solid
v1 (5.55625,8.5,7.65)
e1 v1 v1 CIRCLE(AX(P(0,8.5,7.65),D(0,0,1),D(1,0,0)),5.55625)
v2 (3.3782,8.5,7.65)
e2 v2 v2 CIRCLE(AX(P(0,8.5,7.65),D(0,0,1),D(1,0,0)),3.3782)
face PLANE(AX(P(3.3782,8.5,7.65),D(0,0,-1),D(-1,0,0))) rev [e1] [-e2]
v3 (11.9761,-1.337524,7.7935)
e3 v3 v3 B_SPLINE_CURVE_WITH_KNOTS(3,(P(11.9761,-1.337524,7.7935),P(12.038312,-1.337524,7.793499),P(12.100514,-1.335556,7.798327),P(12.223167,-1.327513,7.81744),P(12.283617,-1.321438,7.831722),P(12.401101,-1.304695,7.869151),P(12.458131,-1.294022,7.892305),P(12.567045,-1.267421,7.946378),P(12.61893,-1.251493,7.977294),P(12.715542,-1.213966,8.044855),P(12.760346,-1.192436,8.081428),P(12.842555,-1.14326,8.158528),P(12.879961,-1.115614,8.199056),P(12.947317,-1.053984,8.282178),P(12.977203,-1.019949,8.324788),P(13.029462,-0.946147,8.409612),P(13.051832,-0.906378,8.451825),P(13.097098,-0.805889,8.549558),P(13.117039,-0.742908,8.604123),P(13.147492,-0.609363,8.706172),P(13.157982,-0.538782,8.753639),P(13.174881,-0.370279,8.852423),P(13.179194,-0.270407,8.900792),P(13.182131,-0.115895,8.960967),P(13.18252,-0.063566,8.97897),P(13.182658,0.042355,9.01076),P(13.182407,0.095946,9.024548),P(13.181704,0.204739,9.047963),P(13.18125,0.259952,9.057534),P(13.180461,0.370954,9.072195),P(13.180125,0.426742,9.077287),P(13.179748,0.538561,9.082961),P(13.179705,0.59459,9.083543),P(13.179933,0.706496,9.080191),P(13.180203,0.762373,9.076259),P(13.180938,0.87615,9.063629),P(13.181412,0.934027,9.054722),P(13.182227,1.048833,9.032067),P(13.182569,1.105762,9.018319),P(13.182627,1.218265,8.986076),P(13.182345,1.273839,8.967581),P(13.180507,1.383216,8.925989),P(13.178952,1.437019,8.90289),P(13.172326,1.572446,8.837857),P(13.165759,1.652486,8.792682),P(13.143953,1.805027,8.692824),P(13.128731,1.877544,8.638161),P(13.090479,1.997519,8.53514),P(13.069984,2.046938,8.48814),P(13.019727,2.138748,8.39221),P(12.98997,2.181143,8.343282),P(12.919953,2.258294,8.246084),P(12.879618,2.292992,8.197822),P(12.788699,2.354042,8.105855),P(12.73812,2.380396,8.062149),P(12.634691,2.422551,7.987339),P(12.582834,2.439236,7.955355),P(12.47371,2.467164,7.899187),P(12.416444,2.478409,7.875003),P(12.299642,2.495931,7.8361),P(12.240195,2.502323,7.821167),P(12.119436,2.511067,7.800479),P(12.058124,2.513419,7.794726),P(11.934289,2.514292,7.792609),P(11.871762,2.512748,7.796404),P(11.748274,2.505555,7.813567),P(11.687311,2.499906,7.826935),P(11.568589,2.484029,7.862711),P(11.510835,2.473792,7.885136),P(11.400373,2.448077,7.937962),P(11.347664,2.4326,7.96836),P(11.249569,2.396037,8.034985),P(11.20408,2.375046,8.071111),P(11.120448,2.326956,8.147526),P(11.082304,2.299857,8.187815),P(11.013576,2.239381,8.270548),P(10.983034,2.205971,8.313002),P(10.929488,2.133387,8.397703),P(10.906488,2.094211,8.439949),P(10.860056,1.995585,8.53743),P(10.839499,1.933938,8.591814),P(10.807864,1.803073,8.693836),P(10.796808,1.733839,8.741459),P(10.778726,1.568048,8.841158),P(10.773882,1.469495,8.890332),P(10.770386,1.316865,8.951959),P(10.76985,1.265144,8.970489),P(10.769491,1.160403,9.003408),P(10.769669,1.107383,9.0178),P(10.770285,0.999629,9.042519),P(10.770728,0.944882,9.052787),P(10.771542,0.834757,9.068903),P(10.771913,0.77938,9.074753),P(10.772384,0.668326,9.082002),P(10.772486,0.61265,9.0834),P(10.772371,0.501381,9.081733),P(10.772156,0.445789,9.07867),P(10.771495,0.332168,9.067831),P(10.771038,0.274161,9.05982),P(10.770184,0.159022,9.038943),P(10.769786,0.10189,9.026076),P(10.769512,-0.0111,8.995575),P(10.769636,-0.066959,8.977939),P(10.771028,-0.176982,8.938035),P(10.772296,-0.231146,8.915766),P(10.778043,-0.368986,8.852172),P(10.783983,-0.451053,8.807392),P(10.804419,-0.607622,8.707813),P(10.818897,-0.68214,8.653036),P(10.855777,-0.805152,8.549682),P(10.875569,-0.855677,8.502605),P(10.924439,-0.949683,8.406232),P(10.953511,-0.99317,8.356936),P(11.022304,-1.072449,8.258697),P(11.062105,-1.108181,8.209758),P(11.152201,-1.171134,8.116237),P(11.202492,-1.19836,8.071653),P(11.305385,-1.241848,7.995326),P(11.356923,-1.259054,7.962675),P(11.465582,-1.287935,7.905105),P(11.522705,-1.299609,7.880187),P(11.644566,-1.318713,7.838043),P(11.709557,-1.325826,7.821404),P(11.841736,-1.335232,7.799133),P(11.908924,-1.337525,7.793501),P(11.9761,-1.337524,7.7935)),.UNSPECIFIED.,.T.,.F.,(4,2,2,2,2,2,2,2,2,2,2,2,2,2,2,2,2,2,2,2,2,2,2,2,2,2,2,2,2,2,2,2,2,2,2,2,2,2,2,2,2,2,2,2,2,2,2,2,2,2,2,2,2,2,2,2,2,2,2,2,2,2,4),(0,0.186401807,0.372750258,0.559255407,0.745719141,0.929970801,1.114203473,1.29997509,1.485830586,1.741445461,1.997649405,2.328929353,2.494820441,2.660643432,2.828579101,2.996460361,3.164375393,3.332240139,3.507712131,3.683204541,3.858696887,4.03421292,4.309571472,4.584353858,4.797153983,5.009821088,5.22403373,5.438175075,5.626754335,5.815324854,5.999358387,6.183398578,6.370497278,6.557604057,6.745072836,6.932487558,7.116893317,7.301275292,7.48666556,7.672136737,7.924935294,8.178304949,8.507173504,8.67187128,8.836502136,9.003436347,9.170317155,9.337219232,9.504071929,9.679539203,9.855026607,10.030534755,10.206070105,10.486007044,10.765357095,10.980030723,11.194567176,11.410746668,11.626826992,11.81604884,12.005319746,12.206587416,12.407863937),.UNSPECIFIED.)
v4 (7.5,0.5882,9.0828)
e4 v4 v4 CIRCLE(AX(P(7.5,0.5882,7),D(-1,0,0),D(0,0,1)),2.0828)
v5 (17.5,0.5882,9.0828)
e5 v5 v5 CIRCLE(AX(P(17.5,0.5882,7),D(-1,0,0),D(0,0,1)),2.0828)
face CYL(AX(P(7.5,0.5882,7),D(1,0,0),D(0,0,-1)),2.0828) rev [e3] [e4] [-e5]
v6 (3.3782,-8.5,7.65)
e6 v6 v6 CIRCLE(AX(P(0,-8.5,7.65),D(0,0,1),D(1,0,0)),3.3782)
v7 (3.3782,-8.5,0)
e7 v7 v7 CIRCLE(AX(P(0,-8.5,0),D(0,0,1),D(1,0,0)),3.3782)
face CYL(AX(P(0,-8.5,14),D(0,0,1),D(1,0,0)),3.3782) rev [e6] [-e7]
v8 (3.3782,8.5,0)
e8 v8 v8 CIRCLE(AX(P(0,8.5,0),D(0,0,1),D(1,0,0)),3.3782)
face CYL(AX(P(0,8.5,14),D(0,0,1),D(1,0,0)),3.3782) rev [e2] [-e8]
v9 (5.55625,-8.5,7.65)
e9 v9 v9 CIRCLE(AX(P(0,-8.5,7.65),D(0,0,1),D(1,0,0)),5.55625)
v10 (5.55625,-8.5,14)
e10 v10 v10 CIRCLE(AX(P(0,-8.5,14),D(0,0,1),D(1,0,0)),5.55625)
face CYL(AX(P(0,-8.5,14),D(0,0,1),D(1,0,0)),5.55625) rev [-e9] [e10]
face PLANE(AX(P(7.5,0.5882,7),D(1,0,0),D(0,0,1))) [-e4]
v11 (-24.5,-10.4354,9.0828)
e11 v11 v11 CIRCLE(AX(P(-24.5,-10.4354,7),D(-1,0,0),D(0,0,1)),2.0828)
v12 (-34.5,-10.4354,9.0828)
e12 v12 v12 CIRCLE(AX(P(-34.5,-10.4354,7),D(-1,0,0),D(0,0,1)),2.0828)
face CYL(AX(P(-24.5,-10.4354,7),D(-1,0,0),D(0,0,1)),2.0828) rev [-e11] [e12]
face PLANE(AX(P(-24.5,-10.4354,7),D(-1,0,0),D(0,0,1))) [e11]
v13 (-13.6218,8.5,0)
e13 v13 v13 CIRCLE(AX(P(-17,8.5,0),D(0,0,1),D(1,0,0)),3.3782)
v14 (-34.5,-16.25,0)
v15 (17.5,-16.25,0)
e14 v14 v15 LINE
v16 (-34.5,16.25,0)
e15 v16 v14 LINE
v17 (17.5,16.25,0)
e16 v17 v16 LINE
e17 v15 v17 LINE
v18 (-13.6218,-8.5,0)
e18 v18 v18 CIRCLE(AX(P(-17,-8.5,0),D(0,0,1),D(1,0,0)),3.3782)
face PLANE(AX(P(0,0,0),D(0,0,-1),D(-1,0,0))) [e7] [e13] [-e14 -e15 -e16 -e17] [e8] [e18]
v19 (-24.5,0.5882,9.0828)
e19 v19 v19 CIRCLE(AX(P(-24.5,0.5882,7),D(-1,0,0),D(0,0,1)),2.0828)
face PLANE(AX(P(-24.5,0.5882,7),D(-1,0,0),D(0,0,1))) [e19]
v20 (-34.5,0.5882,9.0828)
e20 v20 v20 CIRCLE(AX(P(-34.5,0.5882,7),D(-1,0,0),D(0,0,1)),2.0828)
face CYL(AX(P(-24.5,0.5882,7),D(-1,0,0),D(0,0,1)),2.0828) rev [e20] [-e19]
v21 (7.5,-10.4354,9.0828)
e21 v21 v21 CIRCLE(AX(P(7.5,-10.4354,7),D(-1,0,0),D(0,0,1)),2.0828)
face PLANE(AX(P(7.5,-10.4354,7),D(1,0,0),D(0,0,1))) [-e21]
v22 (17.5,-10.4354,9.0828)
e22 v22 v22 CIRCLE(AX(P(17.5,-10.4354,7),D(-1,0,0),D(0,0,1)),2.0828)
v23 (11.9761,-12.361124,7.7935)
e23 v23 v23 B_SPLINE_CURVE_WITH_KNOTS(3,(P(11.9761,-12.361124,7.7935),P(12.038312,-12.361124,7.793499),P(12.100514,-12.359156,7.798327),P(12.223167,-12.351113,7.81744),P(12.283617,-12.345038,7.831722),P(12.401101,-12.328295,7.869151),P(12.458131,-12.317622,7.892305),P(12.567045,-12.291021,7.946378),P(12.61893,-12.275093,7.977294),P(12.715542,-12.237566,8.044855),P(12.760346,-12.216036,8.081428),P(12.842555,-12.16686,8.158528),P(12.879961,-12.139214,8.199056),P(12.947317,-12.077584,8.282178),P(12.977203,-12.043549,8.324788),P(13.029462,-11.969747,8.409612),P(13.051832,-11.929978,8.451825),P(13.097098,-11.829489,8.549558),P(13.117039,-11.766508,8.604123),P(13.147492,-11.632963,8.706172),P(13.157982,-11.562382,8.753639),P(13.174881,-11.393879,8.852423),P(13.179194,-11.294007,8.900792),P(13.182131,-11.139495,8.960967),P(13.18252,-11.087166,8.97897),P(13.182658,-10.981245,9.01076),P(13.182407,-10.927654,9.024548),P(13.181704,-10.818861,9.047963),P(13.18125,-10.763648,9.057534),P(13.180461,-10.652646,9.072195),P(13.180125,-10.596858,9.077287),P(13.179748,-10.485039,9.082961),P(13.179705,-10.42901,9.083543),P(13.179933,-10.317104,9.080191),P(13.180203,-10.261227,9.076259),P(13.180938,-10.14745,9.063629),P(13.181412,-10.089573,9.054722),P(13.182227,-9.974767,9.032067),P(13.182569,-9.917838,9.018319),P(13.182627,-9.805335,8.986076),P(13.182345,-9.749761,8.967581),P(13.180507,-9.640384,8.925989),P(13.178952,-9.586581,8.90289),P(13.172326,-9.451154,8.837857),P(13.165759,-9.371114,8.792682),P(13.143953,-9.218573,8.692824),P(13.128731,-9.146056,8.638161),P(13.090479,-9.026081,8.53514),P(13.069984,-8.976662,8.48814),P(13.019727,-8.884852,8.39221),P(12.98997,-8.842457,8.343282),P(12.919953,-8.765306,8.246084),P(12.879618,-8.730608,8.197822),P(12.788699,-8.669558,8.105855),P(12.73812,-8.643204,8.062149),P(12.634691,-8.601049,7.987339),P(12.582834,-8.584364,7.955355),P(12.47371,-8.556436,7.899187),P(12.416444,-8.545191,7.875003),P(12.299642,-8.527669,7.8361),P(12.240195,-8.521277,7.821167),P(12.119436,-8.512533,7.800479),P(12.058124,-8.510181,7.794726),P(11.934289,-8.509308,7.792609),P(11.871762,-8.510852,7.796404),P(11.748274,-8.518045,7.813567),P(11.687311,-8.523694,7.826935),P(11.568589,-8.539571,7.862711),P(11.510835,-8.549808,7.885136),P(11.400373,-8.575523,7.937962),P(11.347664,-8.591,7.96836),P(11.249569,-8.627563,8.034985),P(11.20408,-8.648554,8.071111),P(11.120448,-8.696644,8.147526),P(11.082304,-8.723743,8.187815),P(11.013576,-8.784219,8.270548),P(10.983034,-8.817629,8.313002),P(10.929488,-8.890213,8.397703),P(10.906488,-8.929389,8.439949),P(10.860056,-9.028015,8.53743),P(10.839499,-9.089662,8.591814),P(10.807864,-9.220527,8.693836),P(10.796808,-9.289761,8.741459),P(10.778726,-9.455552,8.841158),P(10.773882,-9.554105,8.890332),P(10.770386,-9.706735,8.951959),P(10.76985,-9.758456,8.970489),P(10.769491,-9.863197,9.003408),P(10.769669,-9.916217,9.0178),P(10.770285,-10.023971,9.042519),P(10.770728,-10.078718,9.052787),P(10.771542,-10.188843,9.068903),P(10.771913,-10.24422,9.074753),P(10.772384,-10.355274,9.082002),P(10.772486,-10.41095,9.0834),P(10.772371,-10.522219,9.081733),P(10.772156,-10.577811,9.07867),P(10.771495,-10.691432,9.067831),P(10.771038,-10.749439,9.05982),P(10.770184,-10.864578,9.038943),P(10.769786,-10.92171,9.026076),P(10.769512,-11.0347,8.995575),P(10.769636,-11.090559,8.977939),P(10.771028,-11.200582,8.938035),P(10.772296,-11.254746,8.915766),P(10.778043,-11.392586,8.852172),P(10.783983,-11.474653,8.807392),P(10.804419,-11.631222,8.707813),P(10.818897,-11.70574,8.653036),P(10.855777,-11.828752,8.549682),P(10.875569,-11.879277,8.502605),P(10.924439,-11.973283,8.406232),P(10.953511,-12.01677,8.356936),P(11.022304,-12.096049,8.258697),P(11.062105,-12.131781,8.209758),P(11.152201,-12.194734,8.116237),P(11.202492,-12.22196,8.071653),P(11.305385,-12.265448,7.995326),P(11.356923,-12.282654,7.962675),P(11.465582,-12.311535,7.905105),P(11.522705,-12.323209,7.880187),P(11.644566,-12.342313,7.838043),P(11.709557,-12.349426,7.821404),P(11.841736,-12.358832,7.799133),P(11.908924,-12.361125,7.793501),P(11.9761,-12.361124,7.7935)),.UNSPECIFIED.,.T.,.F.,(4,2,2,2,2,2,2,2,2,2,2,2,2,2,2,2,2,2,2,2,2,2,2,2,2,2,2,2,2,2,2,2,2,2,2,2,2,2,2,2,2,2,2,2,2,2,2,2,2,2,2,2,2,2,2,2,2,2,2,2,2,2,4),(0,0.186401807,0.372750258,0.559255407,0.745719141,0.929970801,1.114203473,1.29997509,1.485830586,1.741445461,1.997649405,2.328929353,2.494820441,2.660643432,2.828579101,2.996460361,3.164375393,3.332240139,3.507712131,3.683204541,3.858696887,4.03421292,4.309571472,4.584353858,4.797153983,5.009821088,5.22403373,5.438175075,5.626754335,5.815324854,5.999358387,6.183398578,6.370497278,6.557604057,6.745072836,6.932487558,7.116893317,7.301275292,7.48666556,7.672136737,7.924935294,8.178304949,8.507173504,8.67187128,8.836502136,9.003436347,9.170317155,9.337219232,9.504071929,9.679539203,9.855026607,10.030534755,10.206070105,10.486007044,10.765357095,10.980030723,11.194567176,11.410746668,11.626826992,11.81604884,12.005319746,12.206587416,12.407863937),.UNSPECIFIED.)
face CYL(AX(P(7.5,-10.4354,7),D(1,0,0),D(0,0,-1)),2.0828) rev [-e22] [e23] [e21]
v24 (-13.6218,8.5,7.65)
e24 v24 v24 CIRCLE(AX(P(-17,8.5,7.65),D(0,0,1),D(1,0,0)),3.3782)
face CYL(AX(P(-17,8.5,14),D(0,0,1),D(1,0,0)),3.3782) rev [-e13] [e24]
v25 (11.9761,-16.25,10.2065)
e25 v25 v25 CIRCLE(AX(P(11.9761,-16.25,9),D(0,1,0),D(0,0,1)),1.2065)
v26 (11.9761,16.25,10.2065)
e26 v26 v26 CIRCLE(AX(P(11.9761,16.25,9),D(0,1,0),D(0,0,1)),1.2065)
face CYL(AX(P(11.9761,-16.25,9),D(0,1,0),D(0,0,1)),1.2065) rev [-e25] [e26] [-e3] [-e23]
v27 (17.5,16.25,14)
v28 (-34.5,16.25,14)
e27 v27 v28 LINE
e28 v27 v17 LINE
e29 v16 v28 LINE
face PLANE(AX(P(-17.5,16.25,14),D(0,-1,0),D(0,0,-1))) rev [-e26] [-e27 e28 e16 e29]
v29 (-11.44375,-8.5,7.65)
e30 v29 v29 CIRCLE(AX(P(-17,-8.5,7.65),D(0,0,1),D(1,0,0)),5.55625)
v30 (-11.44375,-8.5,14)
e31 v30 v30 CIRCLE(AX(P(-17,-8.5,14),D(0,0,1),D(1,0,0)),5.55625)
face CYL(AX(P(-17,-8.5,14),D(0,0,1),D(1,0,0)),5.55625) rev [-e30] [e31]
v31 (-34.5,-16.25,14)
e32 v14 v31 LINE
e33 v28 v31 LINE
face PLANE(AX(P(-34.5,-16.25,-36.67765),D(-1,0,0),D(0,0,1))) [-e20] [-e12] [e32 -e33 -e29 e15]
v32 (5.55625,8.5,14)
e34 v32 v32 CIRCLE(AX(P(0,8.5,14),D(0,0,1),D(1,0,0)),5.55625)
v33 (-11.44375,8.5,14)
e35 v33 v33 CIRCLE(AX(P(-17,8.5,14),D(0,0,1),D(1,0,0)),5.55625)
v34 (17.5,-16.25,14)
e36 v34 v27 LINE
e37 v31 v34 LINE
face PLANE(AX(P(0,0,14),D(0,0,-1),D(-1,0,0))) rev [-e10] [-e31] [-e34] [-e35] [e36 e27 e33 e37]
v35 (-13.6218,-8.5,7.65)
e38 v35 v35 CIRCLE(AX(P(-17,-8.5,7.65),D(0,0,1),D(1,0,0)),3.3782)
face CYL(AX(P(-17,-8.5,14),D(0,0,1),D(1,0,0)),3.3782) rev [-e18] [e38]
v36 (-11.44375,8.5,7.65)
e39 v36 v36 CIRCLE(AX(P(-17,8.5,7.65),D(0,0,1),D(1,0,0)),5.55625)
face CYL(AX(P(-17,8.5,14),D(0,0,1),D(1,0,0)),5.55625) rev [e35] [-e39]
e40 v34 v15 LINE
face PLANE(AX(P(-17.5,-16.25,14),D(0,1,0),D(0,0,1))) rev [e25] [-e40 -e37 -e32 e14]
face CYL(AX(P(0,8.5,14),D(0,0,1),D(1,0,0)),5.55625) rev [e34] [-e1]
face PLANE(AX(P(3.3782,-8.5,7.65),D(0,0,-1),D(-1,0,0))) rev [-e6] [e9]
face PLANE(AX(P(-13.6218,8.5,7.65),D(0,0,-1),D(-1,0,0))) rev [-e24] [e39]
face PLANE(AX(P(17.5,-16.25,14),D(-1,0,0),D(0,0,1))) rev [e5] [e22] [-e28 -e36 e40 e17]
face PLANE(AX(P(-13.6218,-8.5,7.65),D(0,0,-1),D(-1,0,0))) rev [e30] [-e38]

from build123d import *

# Parameters (mm, degrees)
SKETCH1_W                                        = 35
SKETCH1_H                                        = 32.5
BOSS_EXTRUDE1_DEPTH                              = 14
CBORE_FOR_1_4_SOCKET_HEAD_CAP_SCREW1_D           = 6.7564
CBORE_FOR_1_4_SOCKET_HEAD_CAP_SCREW1_CBORE_D     = 11.1125
CBORE_FOR_1_4_SOCKET_HEAD_CAP_SCREW1_CBORE_DEPTH = 6.35
SKETCH18_R                                       = 1.2065
SPRING_END_HOLE_DEPTH                            = 40.477841886
SKETCH19_W                                       = 17
SKETCH19_H                                       = 32.5
BOSS_EXTRUDE2_DEPTH                              = 14
CBORE_FOR_1_4_SOCKET_HEAD_CAP_SCREW2_D           = 6.7564
CBORE_FOR_1_4_SOCKET_HEAD_CAP_SCREW2_CBORE_D     = 11.1125
CBORE_FOR_1_4_SOCKET_HEAD_CAP_SCREW2_CBORE_DEPTH = 6.35
SKETCH22_R                                       = 2.0828
CUT_EXTRUDE1_DEPTH                               = 10


with BuildPart() as part:
    # Sketch1 → Boss-Extrude1 (new body)
    with BuildSketch(Plane.XY):
        Rectangle(SKETCH1_W, SKETCH1_H)
    extrude(amount=BOSS_EXTRUDE1_DEPTH)

    # CBORE for 1/4 Socket Head Cap Screw1 (through all)
    with Locations(Plane.XY.offset(14)):
        with Locations((0, -8.5), (0, 8.5)):
            CounterBoreHole(CBORE_FOR_1_4_SOCKET_HEAD_CAP_SCREW1_D / 2, CBORE_FOR_1_4_SOCKET_HEAD_CAP_SCREW1_CBORE_D / 2, CBORE_FOR_1_4_SOCKET_HEAD_CAP_SCREW1_CBORE_DEPTH)

    # Sketch18 → Spring-End Hole (cut, through all)
    with BuildSketch(Plane(origin=(0, 16.25, 0), x_dir=(1, 0, 0), z_dir=(0, 1, 0))):
        with Locations(Location((11.9761, -9, 0), (0, 0, 270))):
            Circle(SKETCH18_R)
    extrude(amount=-SPRING_END_HOLE_DEPTH, mode=Mode.SUBTRACT)

    # Sketch19 → Boss-Extrude2 (add)
    with BuildSketch(Plane.XY.offset(14)):
        with Locations((-26, 0)):
            Rectangle(SKETCH19_W, SKETCH19_H)
    extrude(amount=-BOSS_EXTRUDE2_DEPTH)

    # CBORE for 1/4 Socket Head Cap Screw2 (through all)
    with Locations(Plane.XY.offset(14)):
        with Locations((-17, 8.5), (-17, -8.5)):
            CounterBoreHole(CBORE_FOR_1_4_SOCKET_HEAD_CAP_SCREW2_D / 2, CBORE_FOR_1_4_SOCKET_HEAD_CAP_SCREW2_CBORE_D / 2, CBORE_FOR_1_4_SOCKET_HEAD_CAP_SCREW2_CBORE_DEPTH)

    # Sketch22 → Cut-Extrude1 (cut)
    with BuildSketch(Plane.ZY.offset(34.5)):
        with Locations((7, 0.5882)):
            Circle(SKETCH22_R)
        with Locations((7, -10.4354)):
            Circle(SKETCH22_R)
    cut_extrude1 = extrude(amount=-CUT_EXTRUDE1_DEPTH, mode=Mode.SUBTRACT)

    # Mirror1: Cut-Extrude1 across plane
    add(cut_extrude1.mirror(Plane(origin=(-8.5, 0, 0), x_dir=(0, 0, 1), z_dir=(1, 0, 0))), mode=Mode.SUBTRACT)


solid = part.part
